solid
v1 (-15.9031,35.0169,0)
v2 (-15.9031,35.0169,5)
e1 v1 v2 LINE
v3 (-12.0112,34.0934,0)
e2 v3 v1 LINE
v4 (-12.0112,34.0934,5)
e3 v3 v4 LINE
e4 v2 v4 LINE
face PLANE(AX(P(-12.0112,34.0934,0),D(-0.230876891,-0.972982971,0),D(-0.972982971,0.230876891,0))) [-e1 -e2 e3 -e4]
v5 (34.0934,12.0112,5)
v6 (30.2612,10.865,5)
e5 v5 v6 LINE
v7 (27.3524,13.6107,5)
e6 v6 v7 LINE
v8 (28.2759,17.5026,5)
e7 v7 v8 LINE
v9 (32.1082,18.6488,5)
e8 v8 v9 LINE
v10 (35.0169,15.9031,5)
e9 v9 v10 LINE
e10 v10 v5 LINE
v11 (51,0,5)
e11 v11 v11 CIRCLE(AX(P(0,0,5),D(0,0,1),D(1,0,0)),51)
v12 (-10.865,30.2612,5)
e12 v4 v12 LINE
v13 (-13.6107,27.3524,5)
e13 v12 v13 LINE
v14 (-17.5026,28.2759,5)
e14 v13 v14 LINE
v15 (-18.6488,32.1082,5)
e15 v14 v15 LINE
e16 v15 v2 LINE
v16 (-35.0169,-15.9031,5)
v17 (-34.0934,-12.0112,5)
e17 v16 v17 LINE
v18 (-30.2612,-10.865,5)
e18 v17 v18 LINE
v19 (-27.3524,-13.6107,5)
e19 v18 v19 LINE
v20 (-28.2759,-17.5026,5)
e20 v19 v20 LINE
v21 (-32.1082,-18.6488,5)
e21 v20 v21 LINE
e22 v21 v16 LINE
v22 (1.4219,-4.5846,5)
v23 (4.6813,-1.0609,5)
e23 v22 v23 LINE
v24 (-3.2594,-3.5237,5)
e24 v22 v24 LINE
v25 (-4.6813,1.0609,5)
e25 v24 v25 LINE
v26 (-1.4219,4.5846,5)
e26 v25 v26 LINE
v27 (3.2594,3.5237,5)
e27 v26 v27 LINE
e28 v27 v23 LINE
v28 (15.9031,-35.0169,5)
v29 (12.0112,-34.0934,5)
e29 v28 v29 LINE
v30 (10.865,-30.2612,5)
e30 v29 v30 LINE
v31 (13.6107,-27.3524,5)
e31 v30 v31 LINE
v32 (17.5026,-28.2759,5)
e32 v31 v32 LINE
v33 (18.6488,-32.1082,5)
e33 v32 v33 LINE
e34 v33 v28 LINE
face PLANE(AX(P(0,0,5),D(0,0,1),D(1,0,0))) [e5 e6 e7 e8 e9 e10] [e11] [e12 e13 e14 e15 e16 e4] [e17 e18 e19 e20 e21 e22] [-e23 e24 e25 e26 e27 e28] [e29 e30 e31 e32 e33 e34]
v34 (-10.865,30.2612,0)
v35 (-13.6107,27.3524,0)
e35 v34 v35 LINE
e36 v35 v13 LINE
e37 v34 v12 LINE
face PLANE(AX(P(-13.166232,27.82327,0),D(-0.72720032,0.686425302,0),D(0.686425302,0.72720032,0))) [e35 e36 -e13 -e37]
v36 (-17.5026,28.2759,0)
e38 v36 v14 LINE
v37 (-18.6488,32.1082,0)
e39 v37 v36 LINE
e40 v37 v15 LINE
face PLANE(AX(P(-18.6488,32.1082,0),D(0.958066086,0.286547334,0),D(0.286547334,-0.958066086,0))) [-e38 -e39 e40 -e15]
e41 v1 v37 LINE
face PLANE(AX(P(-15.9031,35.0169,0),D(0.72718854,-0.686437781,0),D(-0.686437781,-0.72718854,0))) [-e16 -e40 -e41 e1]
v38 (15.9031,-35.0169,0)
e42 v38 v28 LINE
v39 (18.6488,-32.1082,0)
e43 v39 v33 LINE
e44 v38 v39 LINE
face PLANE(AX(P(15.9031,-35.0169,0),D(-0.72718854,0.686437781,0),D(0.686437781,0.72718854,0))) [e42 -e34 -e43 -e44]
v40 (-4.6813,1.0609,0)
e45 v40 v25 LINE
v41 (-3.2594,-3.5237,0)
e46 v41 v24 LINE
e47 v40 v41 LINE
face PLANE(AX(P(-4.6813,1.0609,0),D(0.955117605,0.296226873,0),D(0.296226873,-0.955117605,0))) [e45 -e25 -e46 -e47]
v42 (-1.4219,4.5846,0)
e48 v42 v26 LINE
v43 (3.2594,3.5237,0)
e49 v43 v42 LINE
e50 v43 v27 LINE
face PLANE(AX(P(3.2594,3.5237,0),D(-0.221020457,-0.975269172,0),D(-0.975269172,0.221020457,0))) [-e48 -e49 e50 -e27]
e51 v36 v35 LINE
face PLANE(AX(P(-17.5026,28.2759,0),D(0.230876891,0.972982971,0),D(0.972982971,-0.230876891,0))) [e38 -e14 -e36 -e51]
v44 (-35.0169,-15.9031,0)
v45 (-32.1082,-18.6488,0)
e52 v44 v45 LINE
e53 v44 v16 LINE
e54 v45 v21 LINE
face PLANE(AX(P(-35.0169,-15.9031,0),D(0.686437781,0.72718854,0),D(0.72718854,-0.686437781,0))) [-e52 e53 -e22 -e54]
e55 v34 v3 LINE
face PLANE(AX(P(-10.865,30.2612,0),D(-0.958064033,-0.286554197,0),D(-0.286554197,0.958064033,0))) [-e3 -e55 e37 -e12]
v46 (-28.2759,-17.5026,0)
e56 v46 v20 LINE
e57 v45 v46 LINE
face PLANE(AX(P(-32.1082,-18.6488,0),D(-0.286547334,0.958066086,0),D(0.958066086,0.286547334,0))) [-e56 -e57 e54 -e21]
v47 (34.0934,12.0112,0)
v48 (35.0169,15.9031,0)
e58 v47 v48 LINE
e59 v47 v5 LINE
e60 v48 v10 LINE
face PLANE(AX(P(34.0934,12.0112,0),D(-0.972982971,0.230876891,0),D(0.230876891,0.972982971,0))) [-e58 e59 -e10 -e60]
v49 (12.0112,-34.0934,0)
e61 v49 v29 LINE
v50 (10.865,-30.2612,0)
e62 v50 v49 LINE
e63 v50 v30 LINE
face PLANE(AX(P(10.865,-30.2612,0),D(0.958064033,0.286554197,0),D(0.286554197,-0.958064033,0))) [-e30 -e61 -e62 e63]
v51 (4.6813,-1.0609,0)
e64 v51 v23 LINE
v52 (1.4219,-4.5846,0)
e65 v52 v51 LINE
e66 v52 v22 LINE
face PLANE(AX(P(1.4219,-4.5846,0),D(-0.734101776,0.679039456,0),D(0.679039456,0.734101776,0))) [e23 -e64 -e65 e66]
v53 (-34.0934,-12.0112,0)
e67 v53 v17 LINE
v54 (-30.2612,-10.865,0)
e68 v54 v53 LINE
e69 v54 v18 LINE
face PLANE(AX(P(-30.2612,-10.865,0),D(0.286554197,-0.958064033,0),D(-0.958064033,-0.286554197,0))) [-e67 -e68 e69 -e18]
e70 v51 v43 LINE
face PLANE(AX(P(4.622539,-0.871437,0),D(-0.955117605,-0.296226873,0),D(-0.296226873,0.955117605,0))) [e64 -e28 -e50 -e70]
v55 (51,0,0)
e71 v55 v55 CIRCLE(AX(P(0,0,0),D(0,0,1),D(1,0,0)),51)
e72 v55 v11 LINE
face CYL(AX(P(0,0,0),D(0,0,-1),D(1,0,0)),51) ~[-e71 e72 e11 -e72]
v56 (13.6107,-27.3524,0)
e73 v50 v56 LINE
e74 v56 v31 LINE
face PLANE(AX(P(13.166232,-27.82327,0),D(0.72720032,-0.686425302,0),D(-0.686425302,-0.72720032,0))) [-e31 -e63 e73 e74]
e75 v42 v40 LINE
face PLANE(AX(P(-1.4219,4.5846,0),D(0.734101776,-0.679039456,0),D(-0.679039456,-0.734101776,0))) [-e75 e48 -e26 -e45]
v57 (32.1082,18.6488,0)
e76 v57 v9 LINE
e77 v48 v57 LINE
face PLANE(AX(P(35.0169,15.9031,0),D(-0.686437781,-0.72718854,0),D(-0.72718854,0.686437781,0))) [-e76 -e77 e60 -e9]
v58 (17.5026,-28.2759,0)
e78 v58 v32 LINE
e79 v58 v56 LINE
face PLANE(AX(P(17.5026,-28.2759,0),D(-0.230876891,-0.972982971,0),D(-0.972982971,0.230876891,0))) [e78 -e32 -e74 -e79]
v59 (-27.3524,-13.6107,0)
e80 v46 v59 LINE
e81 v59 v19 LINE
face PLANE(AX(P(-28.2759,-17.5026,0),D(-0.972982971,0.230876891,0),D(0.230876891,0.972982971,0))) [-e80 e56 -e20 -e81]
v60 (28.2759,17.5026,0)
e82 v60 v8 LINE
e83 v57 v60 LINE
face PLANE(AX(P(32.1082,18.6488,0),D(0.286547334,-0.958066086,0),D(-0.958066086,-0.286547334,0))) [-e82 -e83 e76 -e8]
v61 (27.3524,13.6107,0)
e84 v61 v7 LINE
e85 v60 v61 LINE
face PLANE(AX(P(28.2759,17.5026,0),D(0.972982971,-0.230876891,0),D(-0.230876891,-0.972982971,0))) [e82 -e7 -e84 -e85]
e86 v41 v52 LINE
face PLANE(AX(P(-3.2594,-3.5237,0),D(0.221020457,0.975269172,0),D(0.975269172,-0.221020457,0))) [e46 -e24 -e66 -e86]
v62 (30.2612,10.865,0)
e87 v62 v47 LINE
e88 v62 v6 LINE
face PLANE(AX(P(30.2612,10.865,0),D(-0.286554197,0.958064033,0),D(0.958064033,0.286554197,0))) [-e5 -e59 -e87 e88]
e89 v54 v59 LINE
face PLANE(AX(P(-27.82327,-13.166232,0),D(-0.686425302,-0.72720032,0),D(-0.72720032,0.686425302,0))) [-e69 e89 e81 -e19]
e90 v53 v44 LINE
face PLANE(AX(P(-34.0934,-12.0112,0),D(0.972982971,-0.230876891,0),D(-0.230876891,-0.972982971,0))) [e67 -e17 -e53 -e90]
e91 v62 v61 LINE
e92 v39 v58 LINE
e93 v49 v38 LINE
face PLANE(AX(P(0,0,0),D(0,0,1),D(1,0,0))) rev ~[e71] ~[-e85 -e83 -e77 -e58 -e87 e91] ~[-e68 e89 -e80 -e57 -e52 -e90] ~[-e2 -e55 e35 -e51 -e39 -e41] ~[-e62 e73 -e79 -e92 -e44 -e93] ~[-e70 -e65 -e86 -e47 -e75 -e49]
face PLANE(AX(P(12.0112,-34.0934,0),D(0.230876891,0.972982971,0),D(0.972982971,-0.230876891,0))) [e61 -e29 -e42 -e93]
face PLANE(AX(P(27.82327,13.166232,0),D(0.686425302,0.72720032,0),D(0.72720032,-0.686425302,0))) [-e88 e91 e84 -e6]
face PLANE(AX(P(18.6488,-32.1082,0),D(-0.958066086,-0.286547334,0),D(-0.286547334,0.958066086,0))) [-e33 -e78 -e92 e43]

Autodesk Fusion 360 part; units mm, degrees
sketch "mainbase" plane through (0, 0, 0) normal (0, 0, 1) x (1, 0, 0)
  circle A0 centre (0, 0) radius 51
  circle A1 centre (0, 0) radius 46.5
  line L0 (-42.0315, -19.8897) -> (5.9278, -46.1206)
  line L1 (5.9278, -46.1206) -> (45.6951, -8.6144)
  line L2 (45.6951, -8.6144) -> (22.3133, 40.7966)
  line L3 (22.3133, 40.7966) -> (-31.9047, 33.8281)
  line L4 (-31.9047, 33.8281) -> (-42.0315, -19.8897)
  line L5 (-31.9047, 33.8281) -> (0, 0)
  line L6 (0, 0) -> (-42.0315, -19.8897)
  line L7 (5.9278, -46.1206) -> (0, 0)
  line L8 (45.6951, -8.6144) -> (0, 0)
  line L9 (22.3133, 40.7966) -> (0, 0)
  line L10 (-20.0354, 17.8663) -> (-16.8802, 20.3249)
  line L11 (-16.8802, 20.3249) -> (-17.4318, 24.2866)
  line L12 (-17.4318, 24.2866) -> (-21.1386, 25.7899)
  line L13 (-21.1386, 25.7899) -> (-24.2938, 23.3313)
  line L14 (-24.2938, 23.3313) -> (-23.7422, 19.3695)
  line L15 (-23.7422, 19.3695) -> (-20.0354, 17.8663)
  line L16 (19.2822, 26.9195) -> (19.1418, 30.9171)
  line L17 (19.1418, 30.9171) -> (15.6096, 32.7942)
  line L18 (15.6096, 32.7942) -> (12.2178, 30.6738)
  line L19 (12.2178, 30.6738) -> (12.3583, 26.6762)
  line L20 (12.3583, 26.6762) -> (15.8905, 24.7991)
  line L21 (15.8905, 24.7991) -> (19.2822, 26.9195)
  line L22 (30.8937, -9.0267) -> (34.6805, -10.315)
  line L23 (34.6805, -10.315) -> (37.6897, -7.6796)
  line L24 (37.6897, -7.6796) -> (36.912, -3.756)
  line L25 (36.912, -3.756) -> (33.1251, -2.4676)
  line L26 (33.1251, -2.4676) -> (30.116, -5.103)
  line L27 (30.116, -5.103) -> (30.8937, -9.0267)
  line L28 (8.3833, -33.8748) -> (6.093, -30.5954)
  line L29 (6.093, -30.5954) -> (2.1078, -30.9391)
  line L30 (2.1078, -30.9391) -> (0.4128, -34.5622)
  line L31 (0.4128, -34.5622) -> (2.7031, -37.8417)
  line L32 (2.7031, -37.8417) -> (6.6883, -37.498)
  line L33 (6.6883, -37.498) -> (8.3833, -33.8748)
  line L34 (-27.3524, -13.6107) -> (-30.2612, -10.865)
  line L35 (-30.2612, -10.865) -> (-34.0934, -12.0112)
  line L36 (-34.0934, -12.0112) -> (-35.0169, -15.9031)
  line L37 (-35.0169, -15.9031) -> (-32.1082, -18.6488)
  line L38 (-32.1082, -18.6488) -> (-28.2759, -17.5026)
  line L39 (-28.2759, -17.5026) -> (-27.3524, -13.6107)
  line L40 (1.4219, -4.5846) -> (4.6813, -1.0609)
  line L41 (4.6813, -1.0609) -> (3.2594, 3.5237)
  line L42 (3.2594, 3.5237) -> (-1.4219, 4.5846)
  line L43 (-1.4219, 4.5846) -> (-4.6813, 1.0609)
  line L44 (-4.6813, 1.0609) -> (-3.2594, -3.5237)
  line L45 (-3.2594, -3.5237) -> (1.4219, -4.5846)
  point P0 (-20.587, 21.8281)
  point P1 (15.75, 28.7966)
  point P2 (33.9028, -6.3913)
  point P3 (4.3981, -34.2185)
  point P4 (-31.1847, -14.7569)
  dimension "d1" = 102
  dimension "d2" = 93
  dimension "d3" = 46.5
  dimension "d4" = 4
  dimension "d5" = 12
  dimension "d6" = 4
  dimension "d7" = 12
  dimension "d8" = 4
  dimension "d9" = 12
  dimension "d10" = 4
  dimension "d11" = 12
  dimension "d12" = 4
  dimension "d13" = 12
  dimension "d14" = 4.8
extrude "Extrude1" add sketch "mainbase" along normal blind 5 contours A0 | A1 L2 | A1 L3 | L3 L5 L9 L10 L11 L12 L13 L17 L18 L19 L20 L42 L43 | L2 L8 L9 L16 L17 L20 L21 L24 L25 L26 L27 L41 L42 | A1 L1 | L1 L7 L8 L22 L23 L24 L27 L28 L29 L32 L33 L40 L41 L45 | A1 L4 | L4 L5 L6 L10 L13 L14 L15 L34 L35 L36 L37 L43 L44 | L9 L16 L17 L20 L21 | L9 L17 L18 L19 L20 | A1 L0 | L0 L6 L7 L29 L30 L31 L32 L34 L37 L38 L39 L44 L45 | L8 L22 L23 L24 L27 | L8 L24 L25 L26 L27 | L5 L10 L11 L12 L13 | L5 L10 L13 L14 L15 | L7 L29 L30 L31 L32 | L7 L28 L29 L32 L33 | L6 L34 L35 L36 L37 | L6 L34 L37 L38 L39
extrude "Extrude2" cut sketch "mainbase" along normal blind 25 contours L6 L34 L35 L36 L37 | L6 L34 L37 L38 L39
pattern_circular "C-Pattern1" count 4 over 360 about axis through (0, 0, 1.75) along (0, 0, 1) of "Extrude2"
equation "d3 = ( 93 / 2 ) * 1 mm"
